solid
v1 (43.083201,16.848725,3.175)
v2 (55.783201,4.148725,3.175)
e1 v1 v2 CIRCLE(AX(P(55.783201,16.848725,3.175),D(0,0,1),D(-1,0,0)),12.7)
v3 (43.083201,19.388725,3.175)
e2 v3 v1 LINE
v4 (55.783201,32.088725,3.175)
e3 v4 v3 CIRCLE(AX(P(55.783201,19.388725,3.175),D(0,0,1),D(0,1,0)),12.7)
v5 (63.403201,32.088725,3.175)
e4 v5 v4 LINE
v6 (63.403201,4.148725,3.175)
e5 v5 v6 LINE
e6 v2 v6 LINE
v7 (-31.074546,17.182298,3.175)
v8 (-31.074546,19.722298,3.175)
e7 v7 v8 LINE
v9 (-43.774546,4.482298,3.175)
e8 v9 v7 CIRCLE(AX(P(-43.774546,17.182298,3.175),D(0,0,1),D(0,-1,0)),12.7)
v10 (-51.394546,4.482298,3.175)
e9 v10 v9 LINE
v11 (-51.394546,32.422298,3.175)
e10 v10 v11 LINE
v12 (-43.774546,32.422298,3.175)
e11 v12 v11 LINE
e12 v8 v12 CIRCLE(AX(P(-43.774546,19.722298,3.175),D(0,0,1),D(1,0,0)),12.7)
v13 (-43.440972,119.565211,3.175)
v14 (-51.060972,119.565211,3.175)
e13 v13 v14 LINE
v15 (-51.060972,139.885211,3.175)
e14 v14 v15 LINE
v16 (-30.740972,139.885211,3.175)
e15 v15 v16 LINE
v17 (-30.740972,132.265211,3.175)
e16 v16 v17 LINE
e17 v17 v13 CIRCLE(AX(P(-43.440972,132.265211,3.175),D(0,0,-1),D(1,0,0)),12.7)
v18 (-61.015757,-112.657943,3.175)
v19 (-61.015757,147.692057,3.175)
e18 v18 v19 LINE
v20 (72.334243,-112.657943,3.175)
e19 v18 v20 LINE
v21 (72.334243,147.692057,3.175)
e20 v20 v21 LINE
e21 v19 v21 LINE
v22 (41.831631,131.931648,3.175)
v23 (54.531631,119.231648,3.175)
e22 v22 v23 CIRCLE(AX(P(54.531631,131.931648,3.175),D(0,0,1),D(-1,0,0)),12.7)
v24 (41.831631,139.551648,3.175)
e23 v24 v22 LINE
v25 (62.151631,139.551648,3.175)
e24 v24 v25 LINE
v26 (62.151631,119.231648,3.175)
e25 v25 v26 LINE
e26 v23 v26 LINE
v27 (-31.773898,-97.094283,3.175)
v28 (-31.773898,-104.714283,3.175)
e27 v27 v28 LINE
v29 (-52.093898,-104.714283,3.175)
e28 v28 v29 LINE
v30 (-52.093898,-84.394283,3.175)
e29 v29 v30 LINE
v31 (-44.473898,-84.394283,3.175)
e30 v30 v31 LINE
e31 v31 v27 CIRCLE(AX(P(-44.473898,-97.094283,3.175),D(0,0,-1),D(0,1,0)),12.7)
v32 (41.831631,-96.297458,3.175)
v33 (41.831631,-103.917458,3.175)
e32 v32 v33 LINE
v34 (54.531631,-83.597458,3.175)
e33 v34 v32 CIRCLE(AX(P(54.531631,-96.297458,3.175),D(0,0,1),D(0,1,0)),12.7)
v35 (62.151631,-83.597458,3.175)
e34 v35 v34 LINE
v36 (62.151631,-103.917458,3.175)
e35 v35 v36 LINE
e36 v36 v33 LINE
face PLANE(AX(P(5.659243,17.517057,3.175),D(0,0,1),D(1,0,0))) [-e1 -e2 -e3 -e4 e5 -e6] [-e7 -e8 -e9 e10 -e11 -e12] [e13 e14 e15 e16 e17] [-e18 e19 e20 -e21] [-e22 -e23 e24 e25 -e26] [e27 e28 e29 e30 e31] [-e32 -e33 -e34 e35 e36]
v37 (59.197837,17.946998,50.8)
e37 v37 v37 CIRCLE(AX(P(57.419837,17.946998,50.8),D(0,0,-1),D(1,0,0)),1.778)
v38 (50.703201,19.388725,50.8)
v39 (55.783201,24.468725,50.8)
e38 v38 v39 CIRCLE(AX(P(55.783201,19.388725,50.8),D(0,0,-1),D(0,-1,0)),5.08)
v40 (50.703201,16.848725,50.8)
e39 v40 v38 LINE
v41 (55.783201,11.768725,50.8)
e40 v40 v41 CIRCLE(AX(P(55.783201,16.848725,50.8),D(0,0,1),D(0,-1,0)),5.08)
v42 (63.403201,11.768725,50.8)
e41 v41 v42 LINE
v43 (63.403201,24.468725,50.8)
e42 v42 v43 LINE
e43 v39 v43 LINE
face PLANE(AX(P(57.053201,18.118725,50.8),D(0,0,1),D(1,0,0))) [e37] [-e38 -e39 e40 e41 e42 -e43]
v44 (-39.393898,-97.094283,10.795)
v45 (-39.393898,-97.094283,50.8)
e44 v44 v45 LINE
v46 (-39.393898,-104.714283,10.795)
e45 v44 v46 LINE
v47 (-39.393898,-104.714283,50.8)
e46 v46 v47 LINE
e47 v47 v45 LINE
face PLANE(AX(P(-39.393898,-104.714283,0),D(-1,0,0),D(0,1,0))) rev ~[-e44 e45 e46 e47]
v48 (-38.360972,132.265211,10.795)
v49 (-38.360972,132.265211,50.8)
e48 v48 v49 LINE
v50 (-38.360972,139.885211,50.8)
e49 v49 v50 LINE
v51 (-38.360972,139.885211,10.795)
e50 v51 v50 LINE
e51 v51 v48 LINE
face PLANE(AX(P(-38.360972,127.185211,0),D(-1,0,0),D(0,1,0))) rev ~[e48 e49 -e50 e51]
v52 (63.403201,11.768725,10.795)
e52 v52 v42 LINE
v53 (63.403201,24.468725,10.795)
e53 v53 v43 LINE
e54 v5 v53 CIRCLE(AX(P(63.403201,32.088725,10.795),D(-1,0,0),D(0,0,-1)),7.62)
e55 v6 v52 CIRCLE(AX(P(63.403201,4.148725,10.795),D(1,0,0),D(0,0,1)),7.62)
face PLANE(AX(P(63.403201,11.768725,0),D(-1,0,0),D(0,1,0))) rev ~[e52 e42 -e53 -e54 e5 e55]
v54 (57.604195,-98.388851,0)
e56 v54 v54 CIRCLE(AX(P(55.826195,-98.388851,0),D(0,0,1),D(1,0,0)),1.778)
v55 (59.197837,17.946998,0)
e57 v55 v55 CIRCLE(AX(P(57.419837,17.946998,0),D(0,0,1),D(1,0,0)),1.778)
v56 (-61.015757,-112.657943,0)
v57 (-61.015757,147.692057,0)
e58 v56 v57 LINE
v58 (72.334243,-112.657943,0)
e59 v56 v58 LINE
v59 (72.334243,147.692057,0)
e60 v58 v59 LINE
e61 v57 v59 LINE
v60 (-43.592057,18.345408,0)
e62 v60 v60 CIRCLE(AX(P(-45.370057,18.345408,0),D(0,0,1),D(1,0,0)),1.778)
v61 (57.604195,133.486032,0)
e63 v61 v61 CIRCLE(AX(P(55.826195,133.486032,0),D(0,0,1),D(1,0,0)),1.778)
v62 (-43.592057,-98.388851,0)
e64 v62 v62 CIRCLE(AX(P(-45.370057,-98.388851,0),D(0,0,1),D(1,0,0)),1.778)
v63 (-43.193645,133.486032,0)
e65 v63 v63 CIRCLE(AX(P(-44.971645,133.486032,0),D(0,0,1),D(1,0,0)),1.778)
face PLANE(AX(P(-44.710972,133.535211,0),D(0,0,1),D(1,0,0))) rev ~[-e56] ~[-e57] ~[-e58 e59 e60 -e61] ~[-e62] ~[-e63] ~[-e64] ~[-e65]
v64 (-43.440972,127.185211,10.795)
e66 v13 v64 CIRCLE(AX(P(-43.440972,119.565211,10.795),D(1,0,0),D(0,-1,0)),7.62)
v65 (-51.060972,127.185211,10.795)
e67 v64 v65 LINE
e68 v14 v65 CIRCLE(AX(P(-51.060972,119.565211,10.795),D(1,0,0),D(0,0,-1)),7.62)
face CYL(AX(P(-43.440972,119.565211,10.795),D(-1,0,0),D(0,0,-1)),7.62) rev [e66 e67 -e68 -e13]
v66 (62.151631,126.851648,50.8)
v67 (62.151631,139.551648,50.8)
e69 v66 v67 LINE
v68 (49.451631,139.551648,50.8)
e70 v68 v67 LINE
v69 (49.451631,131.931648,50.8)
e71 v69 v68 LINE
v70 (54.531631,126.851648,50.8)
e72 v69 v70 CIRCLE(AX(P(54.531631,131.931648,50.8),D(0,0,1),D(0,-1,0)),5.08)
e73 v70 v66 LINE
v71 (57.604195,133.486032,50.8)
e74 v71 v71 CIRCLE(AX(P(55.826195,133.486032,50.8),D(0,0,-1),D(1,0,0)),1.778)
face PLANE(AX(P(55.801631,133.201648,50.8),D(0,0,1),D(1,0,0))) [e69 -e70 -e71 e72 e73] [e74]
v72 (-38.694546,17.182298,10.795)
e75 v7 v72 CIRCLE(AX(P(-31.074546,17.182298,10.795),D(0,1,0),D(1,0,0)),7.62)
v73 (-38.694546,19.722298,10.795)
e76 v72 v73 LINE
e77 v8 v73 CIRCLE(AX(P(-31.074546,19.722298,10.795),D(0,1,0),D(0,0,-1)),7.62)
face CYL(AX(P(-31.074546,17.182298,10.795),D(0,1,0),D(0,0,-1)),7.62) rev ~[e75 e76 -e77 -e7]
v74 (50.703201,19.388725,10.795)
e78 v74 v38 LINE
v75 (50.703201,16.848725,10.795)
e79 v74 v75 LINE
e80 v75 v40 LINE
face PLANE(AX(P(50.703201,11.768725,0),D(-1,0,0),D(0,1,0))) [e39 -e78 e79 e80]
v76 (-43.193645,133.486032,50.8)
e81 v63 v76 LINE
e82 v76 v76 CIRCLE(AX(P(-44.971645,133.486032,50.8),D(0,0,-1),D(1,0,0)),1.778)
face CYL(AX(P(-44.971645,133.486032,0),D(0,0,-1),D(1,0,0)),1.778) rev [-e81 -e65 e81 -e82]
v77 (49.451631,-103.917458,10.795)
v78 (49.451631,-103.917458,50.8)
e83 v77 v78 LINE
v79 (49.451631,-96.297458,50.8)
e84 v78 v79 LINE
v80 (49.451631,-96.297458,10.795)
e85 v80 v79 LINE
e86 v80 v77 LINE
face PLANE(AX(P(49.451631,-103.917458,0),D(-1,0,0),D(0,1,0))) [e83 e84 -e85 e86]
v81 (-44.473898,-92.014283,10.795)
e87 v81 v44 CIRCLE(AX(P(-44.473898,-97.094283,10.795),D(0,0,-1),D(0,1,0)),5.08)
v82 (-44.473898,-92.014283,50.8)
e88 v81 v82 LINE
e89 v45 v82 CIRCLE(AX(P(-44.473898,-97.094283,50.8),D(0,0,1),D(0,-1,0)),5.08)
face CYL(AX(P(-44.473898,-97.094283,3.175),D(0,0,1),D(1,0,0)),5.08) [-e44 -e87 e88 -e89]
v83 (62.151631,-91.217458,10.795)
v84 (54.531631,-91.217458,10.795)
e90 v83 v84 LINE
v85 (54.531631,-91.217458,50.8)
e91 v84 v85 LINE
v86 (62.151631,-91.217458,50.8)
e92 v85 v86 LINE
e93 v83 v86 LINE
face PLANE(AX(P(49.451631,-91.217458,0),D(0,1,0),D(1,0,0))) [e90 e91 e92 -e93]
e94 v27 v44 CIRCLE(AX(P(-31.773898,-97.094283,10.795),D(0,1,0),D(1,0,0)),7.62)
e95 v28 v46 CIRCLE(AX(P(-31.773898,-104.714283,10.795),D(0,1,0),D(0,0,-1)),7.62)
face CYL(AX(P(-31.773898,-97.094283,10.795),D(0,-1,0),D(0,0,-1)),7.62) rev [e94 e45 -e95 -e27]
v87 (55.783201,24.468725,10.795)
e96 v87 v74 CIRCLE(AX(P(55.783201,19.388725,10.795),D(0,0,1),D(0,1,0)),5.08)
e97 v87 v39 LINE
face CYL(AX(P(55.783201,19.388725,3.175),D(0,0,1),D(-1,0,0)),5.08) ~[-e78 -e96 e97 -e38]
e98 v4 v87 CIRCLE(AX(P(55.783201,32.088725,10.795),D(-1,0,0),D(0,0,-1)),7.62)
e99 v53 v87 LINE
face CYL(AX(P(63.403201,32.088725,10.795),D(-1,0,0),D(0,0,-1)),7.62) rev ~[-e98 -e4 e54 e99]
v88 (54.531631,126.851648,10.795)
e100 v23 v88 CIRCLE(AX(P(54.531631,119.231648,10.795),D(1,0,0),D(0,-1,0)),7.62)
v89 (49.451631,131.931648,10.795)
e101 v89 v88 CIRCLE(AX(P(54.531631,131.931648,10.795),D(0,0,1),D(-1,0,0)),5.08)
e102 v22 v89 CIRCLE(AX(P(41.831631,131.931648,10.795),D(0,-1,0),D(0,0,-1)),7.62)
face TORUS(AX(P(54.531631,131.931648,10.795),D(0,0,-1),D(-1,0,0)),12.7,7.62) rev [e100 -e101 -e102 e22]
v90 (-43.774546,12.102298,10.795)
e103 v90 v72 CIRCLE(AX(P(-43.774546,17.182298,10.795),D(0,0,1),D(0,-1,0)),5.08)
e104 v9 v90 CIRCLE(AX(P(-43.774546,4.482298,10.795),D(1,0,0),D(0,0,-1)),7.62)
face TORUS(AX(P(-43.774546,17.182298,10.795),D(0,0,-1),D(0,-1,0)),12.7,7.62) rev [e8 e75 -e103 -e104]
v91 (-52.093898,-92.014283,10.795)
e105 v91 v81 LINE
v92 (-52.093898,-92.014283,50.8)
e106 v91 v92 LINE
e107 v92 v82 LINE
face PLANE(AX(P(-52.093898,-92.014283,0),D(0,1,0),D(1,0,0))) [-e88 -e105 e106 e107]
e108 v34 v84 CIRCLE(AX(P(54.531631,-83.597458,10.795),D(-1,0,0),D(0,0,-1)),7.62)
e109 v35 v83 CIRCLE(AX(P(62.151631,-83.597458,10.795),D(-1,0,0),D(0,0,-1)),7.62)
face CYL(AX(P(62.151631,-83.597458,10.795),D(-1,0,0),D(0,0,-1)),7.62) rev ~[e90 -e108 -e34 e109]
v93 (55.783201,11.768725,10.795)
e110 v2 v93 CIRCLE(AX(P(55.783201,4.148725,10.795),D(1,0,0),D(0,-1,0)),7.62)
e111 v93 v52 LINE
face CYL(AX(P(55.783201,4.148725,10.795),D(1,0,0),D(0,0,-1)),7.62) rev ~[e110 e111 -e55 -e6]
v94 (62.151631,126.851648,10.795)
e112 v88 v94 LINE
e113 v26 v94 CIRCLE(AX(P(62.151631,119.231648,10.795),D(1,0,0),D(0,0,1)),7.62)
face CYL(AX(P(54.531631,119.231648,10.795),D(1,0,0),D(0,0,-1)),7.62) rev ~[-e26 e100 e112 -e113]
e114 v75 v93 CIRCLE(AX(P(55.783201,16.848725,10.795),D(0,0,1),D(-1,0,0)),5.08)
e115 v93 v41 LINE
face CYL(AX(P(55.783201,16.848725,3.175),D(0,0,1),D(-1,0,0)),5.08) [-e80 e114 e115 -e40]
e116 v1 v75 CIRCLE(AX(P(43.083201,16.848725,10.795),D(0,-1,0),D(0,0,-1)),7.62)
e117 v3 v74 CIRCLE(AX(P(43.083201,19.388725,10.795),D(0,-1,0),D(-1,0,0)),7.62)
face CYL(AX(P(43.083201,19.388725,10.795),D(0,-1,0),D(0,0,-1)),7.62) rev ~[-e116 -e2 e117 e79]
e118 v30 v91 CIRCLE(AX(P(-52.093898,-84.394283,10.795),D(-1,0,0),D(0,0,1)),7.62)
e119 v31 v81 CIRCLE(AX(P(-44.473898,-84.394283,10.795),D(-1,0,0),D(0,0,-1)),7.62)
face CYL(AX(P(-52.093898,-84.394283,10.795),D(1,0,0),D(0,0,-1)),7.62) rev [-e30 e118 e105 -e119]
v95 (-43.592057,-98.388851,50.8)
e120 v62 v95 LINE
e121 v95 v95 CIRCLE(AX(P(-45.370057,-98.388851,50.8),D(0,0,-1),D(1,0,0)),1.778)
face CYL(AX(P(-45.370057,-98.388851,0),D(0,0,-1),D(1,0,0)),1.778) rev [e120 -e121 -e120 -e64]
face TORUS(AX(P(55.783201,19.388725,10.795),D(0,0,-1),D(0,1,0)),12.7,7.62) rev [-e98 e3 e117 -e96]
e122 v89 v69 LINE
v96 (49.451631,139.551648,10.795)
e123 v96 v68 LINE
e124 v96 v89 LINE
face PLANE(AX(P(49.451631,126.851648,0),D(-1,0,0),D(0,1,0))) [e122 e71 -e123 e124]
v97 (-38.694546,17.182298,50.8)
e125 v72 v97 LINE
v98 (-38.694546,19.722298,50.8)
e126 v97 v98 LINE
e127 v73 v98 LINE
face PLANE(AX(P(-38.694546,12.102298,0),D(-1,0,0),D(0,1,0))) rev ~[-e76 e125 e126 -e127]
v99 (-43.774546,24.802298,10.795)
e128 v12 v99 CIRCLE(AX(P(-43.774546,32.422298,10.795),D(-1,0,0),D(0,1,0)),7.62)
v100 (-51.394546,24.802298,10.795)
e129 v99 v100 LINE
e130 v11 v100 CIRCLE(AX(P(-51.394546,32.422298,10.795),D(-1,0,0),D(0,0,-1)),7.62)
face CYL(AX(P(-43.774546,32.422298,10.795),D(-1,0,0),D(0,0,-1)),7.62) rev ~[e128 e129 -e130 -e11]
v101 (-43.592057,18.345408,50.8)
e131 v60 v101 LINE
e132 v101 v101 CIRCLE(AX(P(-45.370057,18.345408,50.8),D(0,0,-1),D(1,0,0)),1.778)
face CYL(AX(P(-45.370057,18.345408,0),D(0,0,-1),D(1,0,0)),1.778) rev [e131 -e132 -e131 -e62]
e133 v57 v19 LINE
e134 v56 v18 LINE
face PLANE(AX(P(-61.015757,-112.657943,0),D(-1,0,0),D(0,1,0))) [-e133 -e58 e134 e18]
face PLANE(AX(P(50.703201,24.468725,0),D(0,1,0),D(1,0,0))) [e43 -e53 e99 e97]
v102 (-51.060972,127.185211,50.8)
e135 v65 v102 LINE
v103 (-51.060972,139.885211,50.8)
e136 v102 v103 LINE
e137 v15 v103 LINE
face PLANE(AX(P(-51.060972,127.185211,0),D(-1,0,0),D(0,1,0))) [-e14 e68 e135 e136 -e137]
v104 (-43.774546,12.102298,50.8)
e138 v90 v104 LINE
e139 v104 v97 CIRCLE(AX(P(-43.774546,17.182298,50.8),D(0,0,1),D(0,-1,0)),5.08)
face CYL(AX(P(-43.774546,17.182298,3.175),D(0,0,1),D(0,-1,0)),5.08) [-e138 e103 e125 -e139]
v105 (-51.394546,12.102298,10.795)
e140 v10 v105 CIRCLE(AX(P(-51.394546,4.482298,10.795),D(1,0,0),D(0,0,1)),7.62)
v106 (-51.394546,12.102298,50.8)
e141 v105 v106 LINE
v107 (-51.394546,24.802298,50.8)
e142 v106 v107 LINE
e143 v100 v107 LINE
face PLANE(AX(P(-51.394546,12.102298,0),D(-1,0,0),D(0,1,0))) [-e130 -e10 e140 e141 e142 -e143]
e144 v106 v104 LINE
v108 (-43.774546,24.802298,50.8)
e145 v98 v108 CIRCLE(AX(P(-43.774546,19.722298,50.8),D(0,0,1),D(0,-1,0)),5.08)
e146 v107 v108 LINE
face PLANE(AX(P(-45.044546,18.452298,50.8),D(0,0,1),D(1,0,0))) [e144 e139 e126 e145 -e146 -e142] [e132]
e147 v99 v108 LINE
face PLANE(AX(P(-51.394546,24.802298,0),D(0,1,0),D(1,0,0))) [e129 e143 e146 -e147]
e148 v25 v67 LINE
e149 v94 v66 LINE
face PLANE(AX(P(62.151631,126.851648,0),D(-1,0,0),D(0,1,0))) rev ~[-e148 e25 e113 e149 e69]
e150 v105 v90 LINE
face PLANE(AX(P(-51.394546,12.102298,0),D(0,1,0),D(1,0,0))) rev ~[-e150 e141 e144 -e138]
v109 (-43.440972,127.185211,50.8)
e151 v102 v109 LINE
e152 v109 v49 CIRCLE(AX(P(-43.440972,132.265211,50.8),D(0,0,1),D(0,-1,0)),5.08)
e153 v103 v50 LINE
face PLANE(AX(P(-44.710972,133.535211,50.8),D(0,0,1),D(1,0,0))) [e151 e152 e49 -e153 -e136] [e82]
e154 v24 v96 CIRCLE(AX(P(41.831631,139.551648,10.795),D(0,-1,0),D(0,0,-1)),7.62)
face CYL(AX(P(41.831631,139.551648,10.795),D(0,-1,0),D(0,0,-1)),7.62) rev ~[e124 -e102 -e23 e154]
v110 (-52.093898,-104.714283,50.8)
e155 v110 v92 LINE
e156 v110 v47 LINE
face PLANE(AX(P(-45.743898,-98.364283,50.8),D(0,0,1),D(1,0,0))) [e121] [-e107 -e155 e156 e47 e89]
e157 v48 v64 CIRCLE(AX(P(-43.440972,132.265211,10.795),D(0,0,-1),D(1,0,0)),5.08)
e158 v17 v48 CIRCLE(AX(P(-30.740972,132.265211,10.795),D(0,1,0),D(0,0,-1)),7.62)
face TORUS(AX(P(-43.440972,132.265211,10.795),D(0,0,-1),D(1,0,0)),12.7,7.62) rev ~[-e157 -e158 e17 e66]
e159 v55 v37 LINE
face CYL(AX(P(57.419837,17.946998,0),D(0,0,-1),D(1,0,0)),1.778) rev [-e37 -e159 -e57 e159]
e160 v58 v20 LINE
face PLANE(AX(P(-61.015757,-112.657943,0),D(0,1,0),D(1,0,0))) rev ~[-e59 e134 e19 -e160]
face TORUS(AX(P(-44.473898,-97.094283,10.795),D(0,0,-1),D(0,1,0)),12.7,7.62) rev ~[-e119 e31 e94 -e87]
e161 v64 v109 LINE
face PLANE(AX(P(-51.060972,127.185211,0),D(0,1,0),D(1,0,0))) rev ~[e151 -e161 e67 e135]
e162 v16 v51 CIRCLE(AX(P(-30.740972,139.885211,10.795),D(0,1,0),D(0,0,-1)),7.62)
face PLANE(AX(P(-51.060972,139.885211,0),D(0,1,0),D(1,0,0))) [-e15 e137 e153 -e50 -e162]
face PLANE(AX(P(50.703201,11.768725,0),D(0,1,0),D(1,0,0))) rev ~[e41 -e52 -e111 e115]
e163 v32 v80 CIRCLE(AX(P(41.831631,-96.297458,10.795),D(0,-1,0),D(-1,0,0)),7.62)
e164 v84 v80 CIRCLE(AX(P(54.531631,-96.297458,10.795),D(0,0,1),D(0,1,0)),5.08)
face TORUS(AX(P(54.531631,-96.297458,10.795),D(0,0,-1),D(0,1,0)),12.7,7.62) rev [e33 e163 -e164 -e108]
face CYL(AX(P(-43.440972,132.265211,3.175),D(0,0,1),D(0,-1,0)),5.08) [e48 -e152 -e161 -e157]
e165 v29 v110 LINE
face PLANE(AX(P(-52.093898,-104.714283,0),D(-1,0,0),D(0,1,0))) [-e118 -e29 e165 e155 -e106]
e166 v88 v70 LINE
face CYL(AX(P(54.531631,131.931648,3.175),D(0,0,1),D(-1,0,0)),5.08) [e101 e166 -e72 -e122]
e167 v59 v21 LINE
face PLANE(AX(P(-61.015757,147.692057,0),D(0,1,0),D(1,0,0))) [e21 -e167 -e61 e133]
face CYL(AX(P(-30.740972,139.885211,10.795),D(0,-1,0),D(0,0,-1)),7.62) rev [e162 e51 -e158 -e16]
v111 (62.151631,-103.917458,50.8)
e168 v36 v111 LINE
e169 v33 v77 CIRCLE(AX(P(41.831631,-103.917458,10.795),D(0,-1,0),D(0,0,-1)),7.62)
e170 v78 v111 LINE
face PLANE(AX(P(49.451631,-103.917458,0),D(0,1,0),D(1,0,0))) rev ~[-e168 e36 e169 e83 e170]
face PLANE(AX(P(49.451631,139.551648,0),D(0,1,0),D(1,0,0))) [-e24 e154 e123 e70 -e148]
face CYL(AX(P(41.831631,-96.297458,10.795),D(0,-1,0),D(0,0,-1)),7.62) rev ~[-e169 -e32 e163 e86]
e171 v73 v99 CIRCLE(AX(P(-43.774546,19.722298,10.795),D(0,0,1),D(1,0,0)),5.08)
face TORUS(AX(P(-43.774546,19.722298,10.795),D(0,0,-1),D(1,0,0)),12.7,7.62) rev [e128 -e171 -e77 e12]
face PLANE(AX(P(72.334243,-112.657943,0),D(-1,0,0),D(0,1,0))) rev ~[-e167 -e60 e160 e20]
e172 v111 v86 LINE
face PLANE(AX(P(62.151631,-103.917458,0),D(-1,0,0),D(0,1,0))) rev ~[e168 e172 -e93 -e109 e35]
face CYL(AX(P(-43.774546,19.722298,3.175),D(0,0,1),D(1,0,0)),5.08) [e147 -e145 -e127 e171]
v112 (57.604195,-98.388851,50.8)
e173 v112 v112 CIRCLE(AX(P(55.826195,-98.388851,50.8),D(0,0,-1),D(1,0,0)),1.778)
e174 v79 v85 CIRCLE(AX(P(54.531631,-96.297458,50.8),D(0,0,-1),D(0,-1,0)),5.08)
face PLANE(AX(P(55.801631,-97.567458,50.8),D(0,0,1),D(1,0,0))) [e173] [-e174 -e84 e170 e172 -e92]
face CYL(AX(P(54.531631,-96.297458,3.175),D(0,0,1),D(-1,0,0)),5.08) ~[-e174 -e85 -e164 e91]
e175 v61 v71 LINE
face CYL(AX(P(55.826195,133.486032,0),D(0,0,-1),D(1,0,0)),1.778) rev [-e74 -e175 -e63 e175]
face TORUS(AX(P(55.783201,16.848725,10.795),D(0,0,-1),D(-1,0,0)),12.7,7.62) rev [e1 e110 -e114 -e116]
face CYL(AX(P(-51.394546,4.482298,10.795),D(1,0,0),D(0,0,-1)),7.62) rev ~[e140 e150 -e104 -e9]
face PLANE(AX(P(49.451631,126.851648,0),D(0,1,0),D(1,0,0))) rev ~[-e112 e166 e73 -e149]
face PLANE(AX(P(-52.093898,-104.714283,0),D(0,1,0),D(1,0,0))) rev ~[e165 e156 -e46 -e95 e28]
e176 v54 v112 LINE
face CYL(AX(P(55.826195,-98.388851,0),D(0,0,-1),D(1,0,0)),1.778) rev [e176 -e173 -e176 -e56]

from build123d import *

# Parameters (mm, degrees)
F0_W     = 133.35
F0_H     = 260.35
F1_DEPTH = 3.175
F2_W     = 12.7
F2_H     = 12.7
F3_DEPTH = 50.8
F4_R     = 1.778
F5_DEPTH = 101.6
F6_R     = 5.08
F7_R     = 7.62


with BuildPart() as f1:
    # F0 (on Top) → F1 (new body)
    with BuildSketch(Plane.XY):
        with Locations((5.6592430919, 17.5170571296)):
            Rectangle(F0_W, F0_H)
    extrude(amount=F1_DEPTH)

    # F2 (on Top) → F3 (join)
    with BuildSketch(Plane.XY):
        with Locations((-44.7109719574, 133.5352105856)):
            Rectangle(F2_W, F2_H)
        with Locations((55.8016305625, 133.2016480923)):
            Rectangle(F2_W, F2_H)
        with Locations((55.8016305625, -97.5674582481)):
            Rectangle(F2_W, F2_H)
        with Locations((-45.7438980997, -98.3642829418)):
            Rectangle(F2_W, F2_H)
        with Locations((57.053201443, 18.1187247694)):
            Rectangle(F2_W, F2_H)
        with Locations((-45.0445456266, 18.4522984385)):
            Rectangle(F2_W, F2_H)
    extrude(amount=F3_DEPTH)

    # F4 (on Top) → F5 (cut)
    with BuildSketch(Plane.XY):
        with Locations((-44.9716448784, 133.486032486)):
            Circle(F4_R)
        with Locations((55.8261945844, 133.486032486)):
            Circle(F4_R)
        with Locations((-45.3700572252, 18.3454081416)):
            Circle(F4_R)
        with Locations((57.4198365211, 17.9469976574)):
            Circle(F4_R)
        with Locations((-45.3700572252, -98.3888506889)):
            Circle(F4_R)
        with Locations((55.8261945844, -98.3888506889)):
            Circle(F4_R)
    extrude(amount=F5_DEPTH, mode=Mode.SUBTRACT)

    # F6
    f6_edges = [f1.edges().sort_by_distance(p)[0] for p in [
        (-38.360972, 127.185211, 26.9875),
        (-38.694546, 24.802298, 26.9875),
        (-38.694546, 12.102298, 26.9875),
        (-39.393898, -92.014283, 26.9875),
        (49.451631, 126.851648, 26.9875),
        (50.703201, 24.468725, 26.9875),
        (49.451631, -91.217458, 26.9875),
        (50.703201, 11.768725, 26.9875),
    ]]
    fillet(f6_edges, radius=F6_R)

    # F7
    f7_edges = [f1.edges().sort_by_distance(p)[0] for p in [
        (-47.250972, 127.185211, 3.175),
        (50.939528, 128.339546, 3.175),
        (-40.182443, 13.590196, 3.175),
        (52.191099, 13.256622, 3.175),
        (-39.393898, -100.904283, 3.175),
        (49.451631, -100.107458, 3.175),
    ]]
    fillet(f7_edges, radius=F7_R)


solid = f1.part
